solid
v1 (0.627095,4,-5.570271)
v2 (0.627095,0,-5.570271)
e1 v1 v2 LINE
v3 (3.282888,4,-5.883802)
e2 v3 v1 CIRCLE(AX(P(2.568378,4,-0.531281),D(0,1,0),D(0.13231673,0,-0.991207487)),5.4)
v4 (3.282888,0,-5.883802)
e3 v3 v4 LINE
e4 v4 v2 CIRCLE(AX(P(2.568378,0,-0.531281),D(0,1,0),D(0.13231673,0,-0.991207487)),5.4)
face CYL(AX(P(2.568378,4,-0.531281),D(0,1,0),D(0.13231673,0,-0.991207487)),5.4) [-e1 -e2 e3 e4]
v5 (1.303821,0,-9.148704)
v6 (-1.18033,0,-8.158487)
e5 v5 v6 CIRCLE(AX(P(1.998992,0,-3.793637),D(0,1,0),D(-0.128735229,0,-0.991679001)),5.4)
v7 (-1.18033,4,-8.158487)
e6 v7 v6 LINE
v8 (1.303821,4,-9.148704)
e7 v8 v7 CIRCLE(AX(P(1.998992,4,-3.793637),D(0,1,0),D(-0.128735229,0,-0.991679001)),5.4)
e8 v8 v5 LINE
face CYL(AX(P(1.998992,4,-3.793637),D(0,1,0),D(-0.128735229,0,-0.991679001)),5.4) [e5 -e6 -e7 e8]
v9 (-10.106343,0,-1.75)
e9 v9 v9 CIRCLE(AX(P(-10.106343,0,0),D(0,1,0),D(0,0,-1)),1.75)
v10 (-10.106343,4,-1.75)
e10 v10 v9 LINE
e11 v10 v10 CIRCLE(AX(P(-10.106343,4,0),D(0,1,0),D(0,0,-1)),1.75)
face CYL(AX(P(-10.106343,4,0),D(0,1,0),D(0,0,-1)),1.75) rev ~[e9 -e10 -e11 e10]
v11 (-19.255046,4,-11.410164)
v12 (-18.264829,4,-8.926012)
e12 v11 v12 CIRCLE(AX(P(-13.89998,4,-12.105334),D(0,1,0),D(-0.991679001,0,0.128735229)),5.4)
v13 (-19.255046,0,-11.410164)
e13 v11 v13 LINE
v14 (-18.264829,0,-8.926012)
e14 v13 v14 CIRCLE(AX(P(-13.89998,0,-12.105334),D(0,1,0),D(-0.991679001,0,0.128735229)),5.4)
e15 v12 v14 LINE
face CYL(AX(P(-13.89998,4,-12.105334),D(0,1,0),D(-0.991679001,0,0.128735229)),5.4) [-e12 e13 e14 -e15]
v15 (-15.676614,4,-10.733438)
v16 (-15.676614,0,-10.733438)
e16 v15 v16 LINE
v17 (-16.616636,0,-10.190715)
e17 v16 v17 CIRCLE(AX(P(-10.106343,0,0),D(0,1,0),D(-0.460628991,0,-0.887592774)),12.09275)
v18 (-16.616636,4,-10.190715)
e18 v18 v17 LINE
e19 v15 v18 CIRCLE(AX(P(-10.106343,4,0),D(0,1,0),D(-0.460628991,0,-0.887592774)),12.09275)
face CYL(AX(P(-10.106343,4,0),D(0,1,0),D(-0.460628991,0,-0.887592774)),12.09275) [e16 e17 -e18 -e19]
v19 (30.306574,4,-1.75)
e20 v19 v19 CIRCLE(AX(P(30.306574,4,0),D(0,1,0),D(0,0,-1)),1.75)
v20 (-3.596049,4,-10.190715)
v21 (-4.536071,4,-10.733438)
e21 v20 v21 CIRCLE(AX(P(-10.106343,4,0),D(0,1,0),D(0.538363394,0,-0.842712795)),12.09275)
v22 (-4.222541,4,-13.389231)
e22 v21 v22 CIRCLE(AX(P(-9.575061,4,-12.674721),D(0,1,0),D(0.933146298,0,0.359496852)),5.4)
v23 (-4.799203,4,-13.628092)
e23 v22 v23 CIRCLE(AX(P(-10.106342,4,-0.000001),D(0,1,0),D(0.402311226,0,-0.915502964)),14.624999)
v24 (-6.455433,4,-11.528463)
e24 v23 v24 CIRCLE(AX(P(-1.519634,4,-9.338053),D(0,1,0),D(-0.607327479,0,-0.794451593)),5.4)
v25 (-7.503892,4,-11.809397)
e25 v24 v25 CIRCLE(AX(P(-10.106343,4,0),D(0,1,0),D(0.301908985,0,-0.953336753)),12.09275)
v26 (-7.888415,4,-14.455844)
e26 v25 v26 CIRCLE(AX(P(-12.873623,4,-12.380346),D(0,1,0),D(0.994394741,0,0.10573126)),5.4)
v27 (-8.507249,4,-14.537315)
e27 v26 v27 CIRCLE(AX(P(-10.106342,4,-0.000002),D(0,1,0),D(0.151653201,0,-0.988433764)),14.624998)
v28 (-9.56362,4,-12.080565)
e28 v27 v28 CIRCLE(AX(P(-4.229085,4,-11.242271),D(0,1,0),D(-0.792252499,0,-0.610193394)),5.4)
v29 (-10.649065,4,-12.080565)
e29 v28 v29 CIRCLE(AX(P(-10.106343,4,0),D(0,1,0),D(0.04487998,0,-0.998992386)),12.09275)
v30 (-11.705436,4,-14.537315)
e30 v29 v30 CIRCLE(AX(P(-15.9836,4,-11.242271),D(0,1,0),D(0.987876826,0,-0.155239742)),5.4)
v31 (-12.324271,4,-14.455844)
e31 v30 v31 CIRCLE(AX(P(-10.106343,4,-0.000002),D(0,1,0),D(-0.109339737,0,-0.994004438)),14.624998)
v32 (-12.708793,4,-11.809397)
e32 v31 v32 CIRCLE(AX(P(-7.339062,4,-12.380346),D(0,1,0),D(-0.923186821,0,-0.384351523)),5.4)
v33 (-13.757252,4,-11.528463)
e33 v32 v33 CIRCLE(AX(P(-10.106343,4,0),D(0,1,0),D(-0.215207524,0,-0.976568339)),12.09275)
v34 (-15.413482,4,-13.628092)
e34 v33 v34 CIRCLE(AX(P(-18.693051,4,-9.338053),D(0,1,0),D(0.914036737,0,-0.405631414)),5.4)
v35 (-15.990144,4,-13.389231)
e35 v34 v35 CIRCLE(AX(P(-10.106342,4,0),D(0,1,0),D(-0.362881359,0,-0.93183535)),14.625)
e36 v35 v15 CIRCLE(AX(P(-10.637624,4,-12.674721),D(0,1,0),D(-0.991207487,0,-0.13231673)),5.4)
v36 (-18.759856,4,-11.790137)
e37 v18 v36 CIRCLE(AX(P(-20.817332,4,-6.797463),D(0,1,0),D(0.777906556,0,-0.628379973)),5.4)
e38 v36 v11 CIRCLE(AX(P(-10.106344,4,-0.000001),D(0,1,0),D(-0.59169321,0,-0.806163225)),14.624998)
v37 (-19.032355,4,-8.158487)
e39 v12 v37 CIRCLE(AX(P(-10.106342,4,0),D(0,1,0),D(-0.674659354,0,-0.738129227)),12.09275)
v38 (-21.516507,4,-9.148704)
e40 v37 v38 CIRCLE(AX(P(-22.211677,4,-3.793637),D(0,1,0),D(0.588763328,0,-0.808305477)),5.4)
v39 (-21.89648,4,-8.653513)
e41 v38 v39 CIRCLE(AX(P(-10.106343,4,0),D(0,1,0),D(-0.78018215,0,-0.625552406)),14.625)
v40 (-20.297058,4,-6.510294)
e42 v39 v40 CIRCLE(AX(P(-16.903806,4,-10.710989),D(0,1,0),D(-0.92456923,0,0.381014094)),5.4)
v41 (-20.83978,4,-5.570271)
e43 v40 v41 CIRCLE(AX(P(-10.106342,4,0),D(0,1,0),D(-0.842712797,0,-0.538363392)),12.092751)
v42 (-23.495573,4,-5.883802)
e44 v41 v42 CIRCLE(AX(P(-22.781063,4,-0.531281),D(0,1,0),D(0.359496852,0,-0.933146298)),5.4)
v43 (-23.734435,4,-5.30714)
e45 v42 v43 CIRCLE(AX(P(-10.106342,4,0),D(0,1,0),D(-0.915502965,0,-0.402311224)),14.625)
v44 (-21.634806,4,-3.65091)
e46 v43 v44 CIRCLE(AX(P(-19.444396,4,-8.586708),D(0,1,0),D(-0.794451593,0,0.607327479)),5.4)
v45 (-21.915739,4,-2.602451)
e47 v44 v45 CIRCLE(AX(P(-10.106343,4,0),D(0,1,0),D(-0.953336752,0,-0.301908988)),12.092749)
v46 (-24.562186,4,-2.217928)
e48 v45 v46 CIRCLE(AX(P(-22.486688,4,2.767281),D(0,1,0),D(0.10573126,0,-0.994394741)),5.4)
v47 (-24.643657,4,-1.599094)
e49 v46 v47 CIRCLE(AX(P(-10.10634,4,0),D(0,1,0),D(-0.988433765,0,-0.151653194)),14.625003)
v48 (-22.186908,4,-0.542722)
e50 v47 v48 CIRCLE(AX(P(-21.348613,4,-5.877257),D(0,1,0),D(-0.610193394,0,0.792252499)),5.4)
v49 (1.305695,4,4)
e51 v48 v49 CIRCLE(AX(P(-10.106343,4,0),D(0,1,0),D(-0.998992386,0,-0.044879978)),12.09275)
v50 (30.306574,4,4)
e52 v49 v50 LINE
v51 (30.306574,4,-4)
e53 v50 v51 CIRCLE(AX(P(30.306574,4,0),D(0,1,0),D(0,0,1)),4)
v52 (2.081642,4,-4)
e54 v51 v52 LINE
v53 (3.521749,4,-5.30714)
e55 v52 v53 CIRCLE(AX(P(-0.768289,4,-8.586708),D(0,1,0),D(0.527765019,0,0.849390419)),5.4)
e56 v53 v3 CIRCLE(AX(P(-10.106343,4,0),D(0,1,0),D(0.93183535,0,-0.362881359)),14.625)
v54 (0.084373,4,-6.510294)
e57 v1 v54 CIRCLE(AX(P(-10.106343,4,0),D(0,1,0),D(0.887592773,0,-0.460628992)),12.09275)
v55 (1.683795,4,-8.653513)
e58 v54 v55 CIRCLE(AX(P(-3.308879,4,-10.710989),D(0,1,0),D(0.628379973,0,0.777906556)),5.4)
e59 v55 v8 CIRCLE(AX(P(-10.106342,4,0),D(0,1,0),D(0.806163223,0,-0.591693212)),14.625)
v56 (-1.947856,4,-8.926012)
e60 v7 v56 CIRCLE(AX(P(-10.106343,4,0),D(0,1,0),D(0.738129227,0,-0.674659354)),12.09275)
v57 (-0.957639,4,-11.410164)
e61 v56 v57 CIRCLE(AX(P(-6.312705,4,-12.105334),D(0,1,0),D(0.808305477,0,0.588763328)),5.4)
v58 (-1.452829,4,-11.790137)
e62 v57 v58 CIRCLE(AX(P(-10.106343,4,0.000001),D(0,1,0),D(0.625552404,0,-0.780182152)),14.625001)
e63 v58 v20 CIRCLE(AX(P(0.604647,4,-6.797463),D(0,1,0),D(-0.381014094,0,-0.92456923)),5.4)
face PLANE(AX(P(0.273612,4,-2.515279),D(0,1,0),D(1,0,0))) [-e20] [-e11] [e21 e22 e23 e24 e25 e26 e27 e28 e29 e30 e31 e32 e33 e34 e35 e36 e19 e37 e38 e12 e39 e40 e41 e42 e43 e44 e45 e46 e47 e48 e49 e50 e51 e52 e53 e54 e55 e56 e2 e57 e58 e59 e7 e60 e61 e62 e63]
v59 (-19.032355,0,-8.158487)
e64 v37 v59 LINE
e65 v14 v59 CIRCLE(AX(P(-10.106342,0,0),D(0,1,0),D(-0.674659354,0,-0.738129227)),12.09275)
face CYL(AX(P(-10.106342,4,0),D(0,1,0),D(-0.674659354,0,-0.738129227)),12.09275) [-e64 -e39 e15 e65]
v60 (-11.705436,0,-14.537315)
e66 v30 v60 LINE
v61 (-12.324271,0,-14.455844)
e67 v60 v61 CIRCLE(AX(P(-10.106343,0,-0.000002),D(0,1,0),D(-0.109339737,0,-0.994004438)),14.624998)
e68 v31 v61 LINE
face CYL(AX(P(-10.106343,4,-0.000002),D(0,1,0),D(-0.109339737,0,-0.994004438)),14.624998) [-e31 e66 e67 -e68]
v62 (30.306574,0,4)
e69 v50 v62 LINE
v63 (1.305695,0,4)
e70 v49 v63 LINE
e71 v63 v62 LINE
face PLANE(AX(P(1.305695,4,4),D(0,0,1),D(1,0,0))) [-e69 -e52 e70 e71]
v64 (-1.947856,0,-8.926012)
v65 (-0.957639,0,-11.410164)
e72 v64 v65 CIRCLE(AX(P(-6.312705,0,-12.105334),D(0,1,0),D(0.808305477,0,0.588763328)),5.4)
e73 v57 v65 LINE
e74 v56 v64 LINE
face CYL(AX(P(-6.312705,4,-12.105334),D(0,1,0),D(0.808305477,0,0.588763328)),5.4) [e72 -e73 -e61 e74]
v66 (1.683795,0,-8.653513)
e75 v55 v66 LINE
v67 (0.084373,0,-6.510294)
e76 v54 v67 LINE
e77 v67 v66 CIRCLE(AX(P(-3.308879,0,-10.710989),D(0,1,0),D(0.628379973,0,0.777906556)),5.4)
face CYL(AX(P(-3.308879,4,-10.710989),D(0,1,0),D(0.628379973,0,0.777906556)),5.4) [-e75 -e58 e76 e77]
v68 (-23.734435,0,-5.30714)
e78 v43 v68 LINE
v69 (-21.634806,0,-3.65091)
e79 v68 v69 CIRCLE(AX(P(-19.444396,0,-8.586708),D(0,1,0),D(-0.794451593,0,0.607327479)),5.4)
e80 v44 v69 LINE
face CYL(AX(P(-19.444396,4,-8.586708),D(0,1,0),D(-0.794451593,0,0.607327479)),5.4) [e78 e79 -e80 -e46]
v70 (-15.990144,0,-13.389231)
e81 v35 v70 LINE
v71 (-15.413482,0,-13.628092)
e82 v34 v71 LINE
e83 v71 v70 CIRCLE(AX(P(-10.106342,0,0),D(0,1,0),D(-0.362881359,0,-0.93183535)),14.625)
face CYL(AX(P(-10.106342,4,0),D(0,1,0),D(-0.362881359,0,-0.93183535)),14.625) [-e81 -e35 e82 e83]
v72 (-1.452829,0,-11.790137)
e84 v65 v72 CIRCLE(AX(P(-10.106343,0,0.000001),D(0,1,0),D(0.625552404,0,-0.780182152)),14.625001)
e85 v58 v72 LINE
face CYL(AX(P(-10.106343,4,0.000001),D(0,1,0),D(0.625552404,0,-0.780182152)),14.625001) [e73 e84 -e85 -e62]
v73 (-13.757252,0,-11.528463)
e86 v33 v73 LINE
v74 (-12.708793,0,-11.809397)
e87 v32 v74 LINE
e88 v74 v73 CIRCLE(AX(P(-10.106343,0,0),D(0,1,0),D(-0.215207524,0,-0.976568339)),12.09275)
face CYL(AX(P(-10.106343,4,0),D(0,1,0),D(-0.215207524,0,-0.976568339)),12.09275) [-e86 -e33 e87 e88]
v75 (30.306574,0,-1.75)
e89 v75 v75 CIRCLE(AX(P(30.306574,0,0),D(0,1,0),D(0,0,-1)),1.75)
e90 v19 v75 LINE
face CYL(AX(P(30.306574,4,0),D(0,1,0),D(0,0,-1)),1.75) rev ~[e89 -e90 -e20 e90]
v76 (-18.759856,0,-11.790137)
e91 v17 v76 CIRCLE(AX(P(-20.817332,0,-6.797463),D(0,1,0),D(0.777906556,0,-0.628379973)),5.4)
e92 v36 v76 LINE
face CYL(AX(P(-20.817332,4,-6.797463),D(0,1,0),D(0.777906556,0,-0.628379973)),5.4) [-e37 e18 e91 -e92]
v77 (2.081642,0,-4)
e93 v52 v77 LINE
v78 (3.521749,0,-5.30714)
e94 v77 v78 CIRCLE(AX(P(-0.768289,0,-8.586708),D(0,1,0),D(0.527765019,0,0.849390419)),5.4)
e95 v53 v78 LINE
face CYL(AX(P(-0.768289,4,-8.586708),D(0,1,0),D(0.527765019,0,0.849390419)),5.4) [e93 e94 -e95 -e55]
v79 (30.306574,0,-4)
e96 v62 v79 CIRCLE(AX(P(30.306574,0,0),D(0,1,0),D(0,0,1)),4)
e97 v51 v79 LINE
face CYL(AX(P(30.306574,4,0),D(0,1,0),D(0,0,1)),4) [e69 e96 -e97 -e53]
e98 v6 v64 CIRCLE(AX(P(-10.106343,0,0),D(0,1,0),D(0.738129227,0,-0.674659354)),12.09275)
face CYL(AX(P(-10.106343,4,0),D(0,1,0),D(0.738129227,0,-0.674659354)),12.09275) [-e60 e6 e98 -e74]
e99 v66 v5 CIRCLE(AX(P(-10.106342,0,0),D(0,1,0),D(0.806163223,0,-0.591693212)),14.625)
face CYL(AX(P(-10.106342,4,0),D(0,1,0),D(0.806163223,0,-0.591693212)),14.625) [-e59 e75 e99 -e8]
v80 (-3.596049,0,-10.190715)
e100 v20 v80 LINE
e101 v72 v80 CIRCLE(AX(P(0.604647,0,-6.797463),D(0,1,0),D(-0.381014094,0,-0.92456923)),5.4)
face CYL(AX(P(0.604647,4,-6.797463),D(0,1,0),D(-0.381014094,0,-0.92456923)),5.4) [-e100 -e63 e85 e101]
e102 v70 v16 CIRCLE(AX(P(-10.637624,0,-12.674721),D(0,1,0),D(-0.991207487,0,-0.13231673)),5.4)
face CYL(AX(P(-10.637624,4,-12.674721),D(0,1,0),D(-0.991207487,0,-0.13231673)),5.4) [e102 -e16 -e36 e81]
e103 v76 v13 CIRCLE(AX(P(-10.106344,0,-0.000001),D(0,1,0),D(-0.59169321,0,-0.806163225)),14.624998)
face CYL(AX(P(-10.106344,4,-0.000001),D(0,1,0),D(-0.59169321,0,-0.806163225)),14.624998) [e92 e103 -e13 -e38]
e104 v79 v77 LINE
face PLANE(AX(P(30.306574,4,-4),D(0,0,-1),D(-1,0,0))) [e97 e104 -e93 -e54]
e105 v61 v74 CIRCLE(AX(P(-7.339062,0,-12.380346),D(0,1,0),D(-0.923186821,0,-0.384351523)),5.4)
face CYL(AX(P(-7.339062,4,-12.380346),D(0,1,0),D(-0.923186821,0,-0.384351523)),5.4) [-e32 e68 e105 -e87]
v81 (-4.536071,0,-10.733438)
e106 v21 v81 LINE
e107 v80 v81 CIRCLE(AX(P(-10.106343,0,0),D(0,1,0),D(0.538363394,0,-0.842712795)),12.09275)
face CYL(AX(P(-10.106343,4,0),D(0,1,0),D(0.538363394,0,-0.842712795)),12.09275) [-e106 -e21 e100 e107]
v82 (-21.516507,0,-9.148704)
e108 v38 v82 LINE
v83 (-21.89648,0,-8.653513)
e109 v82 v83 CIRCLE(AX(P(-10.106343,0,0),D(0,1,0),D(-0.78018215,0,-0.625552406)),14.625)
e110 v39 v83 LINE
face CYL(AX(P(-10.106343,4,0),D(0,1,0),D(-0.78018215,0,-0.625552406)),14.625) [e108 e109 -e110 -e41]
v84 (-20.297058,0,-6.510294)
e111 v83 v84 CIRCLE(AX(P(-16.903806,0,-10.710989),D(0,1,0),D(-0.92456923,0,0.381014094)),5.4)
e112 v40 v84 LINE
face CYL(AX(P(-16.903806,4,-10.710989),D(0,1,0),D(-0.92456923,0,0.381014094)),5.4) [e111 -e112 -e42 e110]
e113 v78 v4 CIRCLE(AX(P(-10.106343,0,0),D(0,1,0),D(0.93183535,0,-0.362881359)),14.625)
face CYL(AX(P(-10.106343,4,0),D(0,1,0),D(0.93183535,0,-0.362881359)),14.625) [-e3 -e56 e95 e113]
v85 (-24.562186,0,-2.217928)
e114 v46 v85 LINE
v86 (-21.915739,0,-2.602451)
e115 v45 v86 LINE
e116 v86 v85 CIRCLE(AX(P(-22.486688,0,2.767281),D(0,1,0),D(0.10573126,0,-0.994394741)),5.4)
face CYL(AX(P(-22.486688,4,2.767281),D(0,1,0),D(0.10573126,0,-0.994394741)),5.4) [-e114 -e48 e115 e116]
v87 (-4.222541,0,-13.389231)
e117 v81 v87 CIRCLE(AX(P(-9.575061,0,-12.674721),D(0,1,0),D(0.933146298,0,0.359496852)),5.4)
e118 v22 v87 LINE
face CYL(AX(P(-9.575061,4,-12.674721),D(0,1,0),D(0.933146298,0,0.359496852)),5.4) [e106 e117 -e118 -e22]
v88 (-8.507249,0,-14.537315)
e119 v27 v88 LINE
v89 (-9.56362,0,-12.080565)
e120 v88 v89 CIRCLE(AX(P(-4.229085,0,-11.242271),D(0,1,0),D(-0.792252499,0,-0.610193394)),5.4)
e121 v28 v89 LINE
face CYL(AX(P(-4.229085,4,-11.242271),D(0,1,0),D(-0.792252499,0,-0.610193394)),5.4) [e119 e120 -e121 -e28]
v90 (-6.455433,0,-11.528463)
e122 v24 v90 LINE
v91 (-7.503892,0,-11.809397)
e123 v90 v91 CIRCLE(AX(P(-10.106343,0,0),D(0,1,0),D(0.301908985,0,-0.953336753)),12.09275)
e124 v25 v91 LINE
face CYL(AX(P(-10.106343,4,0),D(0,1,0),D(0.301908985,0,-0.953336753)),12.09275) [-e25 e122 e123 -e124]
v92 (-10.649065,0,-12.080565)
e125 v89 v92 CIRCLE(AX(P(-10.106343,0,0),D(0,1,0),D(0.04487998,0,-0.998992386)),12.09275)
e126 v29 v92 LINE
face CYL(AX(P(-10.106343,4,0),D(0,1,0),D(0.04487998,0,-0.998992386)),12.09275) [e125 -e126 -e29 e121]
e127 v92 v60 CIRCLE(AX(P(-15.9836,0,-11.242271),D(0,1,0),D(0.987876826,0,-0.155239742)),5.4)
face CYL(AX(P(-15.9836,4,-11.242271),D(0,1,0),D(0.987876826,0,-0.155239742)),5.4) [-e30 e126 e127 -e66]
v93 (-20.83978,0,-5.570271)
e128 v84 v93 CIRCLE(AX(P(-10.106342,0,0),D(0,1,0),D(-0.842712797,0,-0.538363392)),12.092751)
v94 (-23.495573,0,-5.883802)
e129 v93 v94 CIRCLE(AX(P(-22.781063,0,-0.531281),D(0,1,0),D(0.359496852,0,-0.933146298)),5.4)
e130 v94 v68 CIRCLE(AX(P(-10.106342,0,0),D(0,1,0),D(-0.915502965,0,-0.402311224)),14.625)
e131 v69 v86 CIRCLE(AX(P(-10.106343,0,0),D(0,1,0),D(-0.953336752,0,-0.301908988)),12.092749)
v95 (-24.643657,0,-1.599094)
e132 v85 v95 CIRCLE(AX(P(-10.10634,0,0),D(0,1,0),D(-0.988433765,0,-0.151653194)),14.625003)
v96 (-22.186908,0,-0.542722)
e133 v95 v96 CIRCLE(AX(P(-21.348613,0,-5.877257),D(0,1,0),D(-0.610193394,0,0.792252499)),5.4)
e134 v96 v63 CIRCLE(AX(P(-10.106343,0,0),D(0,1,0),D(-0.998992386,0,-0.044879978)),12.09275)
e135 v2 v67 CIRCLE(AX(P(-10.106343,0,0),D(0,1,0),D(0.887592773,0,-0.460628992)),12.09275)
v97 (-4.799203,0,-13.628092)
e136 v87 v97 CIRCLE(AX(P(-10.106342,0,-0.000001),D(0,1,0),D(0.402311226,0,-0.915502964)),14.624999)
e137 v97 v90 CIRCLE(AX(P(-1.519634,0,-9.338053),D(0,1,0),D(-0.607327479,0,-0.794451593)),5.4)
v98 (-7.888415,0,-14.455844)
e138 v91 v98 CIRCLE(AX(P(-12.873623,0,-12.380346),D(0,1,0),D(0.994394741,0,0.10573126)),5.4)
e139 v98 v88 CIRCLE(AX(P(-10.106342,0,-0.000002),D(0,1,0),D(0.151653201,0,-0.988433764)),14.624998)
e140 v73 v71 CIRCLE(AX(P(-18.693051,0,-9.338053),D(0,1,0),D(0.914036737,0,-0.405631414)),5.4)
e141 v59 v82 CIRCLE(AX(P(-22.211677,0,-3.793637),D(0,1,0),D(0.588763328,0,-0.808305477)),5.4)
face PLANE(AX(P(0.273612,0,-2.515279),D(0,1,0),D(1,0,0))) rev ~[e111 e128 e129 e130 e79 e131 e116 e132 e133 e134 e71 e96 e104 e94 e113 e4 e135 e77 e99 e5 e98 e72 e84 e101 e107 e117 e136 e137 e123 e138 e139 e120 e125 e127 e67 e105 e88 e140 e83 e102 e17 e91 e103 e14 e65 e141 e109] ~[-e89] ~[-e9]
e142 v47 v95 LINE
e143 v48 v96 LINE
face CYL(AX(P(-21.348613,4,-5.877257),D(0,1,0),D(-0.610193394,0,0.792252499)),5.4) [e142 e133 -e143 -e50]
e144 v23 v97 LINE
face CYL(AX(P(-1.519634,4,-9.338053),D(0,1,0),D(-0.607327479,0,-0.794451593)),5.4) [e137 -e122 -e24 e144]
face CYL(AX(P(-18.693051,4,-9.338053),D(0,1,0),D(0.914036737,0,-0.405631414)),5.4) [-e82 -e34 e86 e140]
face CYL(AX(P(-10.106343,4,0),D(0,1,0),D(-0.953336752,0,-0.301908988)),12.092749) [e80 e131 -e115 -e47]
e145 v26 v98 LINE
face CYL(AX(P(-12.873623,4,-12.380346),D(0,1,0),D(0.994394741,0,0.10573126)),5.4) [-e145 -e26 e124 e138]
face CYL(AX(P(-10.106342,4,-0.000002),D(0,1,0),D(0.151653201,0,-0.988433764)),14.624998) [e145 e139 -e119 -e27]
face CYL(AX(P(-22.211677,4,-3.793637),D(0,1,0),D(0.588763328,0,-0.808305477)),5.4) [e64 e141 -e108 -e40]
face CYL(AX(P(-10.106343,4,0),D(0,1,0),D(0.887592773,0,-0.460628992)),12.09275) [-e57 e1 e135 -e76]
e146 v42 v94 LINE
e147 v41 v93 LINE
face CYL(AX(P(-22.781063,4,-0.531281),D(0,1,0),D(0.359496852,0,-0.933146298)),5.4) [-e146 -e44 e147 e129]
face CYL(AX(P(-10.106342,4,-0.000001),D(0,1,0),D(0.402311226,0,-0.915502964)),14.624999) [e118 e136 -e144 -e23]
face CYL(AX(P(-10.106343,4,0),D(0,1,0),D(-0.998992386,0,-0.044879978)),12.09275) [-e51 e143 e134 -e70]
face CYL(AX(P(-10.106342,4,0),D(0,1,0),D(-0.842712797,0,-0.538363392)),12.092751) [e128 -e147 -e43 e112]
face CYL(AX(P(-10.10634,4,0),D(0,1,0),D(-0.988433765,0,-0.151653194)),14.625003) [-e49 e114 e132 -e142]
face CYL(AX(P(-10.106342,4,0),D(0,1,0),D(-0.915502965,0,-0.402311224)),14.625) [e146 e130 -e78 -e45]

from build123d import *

# Parameters (mm, degrees)
SKETCH1_R           = 1.75
BOSS_EXTRUDE1_DEPTH = 4


with BuildPart() as part:
    # Sketch1 → Boss-Extrude1 (new body)
    with BuildSketch(Plane(origin=(0, 4, 0), x_dir=(1, 0, 0), z_dir=(0, 1, 0))):
        with BuildLine():
            Line((1.305695063, -4), (30.3065745, -4))
            ThreePointArc((30.3065745, -4), (34.3065745, 0), (30.3065745, 4))
            Line((30.3065745, 4), (2.081641936, 4))
            ThreePointArc((2.081641936, 4), (2.861028333, 4.588201733), (3.521749436, 5.30713988))
            ThreePointArc((3.521749436, 5.30713988), (3.405395609, 5.596745198), (3.282888305, 5.883801663))
            ThreePointArc((3.282888305, 5.883801663), (1.93527598, 5.894040025), (0.627094961, 5.57027124))
            ThreePointArc((0.627094961, 5.57027124), (0.366286148, 6.046375), (0.084372603, 6.510293938))
            ThreePointArc((0.084372603, 6.510293938), (1.018855105, 7.48132754), (1.683794586, 8.65351323))
            ThreePointArc((1.683794586, 8.65351323), (1.496450048, 8.903135899), (1.303821399, 9.148703928))
            ThreePointArc((1.303821399, 9.148703928), (-0.000522033, 8.809805691), (-1.180330337, 8.158486898))
            ThreePointArc((-1.180330337, 8.158486898), (-1.555477026, 8.550865528), (-1.947855656, 8.926012217))
            ThreePointArc((-1.947855656, 8.926012217), (-1.296536862, 10.105820521), (-0.957638625, 11.410163953))
            ThreePointArc((-0.957638625, 11.410163953), (-1.203206655, 11.602792602), (-1.452829324, 11.79013714))
            ThreePointArc((-1.452829324, 11.79013714), (-2.625015014, 11.125197659), (-3.596048616, 10.190715157))
            ThreePointArc((-3.596048616, 10.190715157), (-4.059967554, 10.472628702), (-4.536071314, 10.733437515))
            ThreePointArc((-4.536071314, 10.733437515), (-4.212302529, 12.041618533), (-4.222540891, 13.389230859))
            ThreePointArc((-4.222540891, 13.389230859), (-4.509597355, 13.511738163), (-4.799202674, 13.62809199))
            ThreePointArc((-4.799202674, 13.62809199), (-5.759348103, 12.682425791), (-6.455432668, 11.528463019))
            ThreePointArc((-6.455432668, 11.528463019), (-6.976508546, 11.680699536), (-7.503891752, 11.809396783))
            ThreePointArc((-7.503891752, 11.809396783), (-7.529737283, 13.156800143), (-7.888414517, 14.455843809))
            ThreePointArc((-7.888414517, 14.455843809), (-8.197396993, 14.499881098), (-8.507248835, 14.537314892))
            ThreePointArc((-8.507248835, 14.537314892), (-9.18992168, 13.375367565), (-9.563620196, 12.080565177))
            ThreePointArc((-9.563620196, 12.080565177), (-10.106342554, 12.09275), (-10.649064912, 12.080565177))
            ThreePointArc((-10.649064912, 12.080565177), (-11.022763428, 13.375367565), (-11.705436272, 14.537314892))
            ThreePointArc((-11.705436272, 14.537314892), (-12.015288115, 14.499881098), (-12.324270591, 14.455843809))
            ThreePointArc((-12.324270591, 14.455843809), (-12.682947825, 13.156800143), (-12.708793355, 11.809396783))
            ThreePointArc((-12.708793355, 11.809396783), (-13.236176561, 11.680699536), (-13.757252439, 11.528463019))
            ThreePointArc((-13.757252439, 11.528463019), (-14.453337005, 12.682425791), (-15.413482434, 13.62809199))
            ThreePointArc((-15.413482434, 13.62809199), (-15.703087752, 13.511738163), (-15.990144217, 13.389230859))
            ThreePointArc((-15.990144217, 13.389230859), (-16.000382579, 12.041618533), (-15.676613793, 10.733437515))
            ThreePointArc((-15.676613793, 10.733437515), (-16.152717554, 10.472628702), (-16.616636492, 10.190715157))
            ThreePointArc((-16.616636492, 10.190715157), (-17.587670094, 11.125197659), (-18.759855783, 11.79013714))
            ThreePointArc((-18.759855783, 11.79013714), (-19.009478453, 11.602792602), (-19.255046482, 11.410163953))
            ThreePointArc((-19.255046482, 11.410163953), (-18.916148245, 10.105820521), (-18.264829452, 8.926012217))
            ThreePointArc((-18.264829452, 8.926012217), (-18.657208082, 8.550865528), (-19.032354771, 8.158486898))
            ThreePointArc((-19.032354771, 8.158486898), (-20.212163074, 8.809805691), (-21.516506507, 9.148703928))
            ThreePointArc((-21.516506507, 9.148703928), (-21.709135156, 8.903135899), (-21.896479694, 8.65351323))
            ThreePointArc((-21.896479694, 8.65351323), (-21.231540213, 7.48132754), (-20.297057711, 6.510293938))
            ThreePointArc((-20.297057711, 6.510293938), (-20.578971255, 6.046375), (-20.839780068, 5.57027124))
            ThreePointArc((-20.839780068, 5.57027124), (-22.147961087, 5.894040025), (-23.495573413, 5.883801663))
            ThreePointArc((-23.495573413, 5.883801663), (-23.618080717, 5.596745198), (-23.734434544, 5.30713988))
            ThreePointArc((-23.734434544, 5.30713988), (-22.788768345, 4.346994451), (-21.634805572, 3.650909885))
            ThreePointArc((-21.634805572, 3.650909885), (-21.78704209, 3.129834008), (-21.915739337, 2.602450802))
            ThreePointArc((-21.915739337, 2.602450802), (-23.263142697, 2.576605271), (-24.562186363, 2.217928037))
            ThreePointArc((-24.562186363, 2.217928037), (-24.606223651, 1.908945561), (-24.643657446, 1.599093719))
            ThreePointArc((-24.643657446, 1.599093719), (-23.481710119, 0.916420874), (-22.186907731, 0.542722358))
            ThreePointArc((-22.186907731, 0.542722358), (-12.402167869, -11.872817218), (1.305695063, -4))
        make_face()
        with Locations(Location((30.3065745, 0, 0), (0, 0, 90))):
            Circle(SKETCH1_R, mode=Mode.SUBTRACT)
        with Locations(Location((-10.106342554, 0, 0), (0, 0, 90))):
            Circle(SKETCH1_R, mode=Mode.SUBTRACT)
    extrude(amount=-BOSS_EXTRUDE1_DEPTH)


solid = part.part
